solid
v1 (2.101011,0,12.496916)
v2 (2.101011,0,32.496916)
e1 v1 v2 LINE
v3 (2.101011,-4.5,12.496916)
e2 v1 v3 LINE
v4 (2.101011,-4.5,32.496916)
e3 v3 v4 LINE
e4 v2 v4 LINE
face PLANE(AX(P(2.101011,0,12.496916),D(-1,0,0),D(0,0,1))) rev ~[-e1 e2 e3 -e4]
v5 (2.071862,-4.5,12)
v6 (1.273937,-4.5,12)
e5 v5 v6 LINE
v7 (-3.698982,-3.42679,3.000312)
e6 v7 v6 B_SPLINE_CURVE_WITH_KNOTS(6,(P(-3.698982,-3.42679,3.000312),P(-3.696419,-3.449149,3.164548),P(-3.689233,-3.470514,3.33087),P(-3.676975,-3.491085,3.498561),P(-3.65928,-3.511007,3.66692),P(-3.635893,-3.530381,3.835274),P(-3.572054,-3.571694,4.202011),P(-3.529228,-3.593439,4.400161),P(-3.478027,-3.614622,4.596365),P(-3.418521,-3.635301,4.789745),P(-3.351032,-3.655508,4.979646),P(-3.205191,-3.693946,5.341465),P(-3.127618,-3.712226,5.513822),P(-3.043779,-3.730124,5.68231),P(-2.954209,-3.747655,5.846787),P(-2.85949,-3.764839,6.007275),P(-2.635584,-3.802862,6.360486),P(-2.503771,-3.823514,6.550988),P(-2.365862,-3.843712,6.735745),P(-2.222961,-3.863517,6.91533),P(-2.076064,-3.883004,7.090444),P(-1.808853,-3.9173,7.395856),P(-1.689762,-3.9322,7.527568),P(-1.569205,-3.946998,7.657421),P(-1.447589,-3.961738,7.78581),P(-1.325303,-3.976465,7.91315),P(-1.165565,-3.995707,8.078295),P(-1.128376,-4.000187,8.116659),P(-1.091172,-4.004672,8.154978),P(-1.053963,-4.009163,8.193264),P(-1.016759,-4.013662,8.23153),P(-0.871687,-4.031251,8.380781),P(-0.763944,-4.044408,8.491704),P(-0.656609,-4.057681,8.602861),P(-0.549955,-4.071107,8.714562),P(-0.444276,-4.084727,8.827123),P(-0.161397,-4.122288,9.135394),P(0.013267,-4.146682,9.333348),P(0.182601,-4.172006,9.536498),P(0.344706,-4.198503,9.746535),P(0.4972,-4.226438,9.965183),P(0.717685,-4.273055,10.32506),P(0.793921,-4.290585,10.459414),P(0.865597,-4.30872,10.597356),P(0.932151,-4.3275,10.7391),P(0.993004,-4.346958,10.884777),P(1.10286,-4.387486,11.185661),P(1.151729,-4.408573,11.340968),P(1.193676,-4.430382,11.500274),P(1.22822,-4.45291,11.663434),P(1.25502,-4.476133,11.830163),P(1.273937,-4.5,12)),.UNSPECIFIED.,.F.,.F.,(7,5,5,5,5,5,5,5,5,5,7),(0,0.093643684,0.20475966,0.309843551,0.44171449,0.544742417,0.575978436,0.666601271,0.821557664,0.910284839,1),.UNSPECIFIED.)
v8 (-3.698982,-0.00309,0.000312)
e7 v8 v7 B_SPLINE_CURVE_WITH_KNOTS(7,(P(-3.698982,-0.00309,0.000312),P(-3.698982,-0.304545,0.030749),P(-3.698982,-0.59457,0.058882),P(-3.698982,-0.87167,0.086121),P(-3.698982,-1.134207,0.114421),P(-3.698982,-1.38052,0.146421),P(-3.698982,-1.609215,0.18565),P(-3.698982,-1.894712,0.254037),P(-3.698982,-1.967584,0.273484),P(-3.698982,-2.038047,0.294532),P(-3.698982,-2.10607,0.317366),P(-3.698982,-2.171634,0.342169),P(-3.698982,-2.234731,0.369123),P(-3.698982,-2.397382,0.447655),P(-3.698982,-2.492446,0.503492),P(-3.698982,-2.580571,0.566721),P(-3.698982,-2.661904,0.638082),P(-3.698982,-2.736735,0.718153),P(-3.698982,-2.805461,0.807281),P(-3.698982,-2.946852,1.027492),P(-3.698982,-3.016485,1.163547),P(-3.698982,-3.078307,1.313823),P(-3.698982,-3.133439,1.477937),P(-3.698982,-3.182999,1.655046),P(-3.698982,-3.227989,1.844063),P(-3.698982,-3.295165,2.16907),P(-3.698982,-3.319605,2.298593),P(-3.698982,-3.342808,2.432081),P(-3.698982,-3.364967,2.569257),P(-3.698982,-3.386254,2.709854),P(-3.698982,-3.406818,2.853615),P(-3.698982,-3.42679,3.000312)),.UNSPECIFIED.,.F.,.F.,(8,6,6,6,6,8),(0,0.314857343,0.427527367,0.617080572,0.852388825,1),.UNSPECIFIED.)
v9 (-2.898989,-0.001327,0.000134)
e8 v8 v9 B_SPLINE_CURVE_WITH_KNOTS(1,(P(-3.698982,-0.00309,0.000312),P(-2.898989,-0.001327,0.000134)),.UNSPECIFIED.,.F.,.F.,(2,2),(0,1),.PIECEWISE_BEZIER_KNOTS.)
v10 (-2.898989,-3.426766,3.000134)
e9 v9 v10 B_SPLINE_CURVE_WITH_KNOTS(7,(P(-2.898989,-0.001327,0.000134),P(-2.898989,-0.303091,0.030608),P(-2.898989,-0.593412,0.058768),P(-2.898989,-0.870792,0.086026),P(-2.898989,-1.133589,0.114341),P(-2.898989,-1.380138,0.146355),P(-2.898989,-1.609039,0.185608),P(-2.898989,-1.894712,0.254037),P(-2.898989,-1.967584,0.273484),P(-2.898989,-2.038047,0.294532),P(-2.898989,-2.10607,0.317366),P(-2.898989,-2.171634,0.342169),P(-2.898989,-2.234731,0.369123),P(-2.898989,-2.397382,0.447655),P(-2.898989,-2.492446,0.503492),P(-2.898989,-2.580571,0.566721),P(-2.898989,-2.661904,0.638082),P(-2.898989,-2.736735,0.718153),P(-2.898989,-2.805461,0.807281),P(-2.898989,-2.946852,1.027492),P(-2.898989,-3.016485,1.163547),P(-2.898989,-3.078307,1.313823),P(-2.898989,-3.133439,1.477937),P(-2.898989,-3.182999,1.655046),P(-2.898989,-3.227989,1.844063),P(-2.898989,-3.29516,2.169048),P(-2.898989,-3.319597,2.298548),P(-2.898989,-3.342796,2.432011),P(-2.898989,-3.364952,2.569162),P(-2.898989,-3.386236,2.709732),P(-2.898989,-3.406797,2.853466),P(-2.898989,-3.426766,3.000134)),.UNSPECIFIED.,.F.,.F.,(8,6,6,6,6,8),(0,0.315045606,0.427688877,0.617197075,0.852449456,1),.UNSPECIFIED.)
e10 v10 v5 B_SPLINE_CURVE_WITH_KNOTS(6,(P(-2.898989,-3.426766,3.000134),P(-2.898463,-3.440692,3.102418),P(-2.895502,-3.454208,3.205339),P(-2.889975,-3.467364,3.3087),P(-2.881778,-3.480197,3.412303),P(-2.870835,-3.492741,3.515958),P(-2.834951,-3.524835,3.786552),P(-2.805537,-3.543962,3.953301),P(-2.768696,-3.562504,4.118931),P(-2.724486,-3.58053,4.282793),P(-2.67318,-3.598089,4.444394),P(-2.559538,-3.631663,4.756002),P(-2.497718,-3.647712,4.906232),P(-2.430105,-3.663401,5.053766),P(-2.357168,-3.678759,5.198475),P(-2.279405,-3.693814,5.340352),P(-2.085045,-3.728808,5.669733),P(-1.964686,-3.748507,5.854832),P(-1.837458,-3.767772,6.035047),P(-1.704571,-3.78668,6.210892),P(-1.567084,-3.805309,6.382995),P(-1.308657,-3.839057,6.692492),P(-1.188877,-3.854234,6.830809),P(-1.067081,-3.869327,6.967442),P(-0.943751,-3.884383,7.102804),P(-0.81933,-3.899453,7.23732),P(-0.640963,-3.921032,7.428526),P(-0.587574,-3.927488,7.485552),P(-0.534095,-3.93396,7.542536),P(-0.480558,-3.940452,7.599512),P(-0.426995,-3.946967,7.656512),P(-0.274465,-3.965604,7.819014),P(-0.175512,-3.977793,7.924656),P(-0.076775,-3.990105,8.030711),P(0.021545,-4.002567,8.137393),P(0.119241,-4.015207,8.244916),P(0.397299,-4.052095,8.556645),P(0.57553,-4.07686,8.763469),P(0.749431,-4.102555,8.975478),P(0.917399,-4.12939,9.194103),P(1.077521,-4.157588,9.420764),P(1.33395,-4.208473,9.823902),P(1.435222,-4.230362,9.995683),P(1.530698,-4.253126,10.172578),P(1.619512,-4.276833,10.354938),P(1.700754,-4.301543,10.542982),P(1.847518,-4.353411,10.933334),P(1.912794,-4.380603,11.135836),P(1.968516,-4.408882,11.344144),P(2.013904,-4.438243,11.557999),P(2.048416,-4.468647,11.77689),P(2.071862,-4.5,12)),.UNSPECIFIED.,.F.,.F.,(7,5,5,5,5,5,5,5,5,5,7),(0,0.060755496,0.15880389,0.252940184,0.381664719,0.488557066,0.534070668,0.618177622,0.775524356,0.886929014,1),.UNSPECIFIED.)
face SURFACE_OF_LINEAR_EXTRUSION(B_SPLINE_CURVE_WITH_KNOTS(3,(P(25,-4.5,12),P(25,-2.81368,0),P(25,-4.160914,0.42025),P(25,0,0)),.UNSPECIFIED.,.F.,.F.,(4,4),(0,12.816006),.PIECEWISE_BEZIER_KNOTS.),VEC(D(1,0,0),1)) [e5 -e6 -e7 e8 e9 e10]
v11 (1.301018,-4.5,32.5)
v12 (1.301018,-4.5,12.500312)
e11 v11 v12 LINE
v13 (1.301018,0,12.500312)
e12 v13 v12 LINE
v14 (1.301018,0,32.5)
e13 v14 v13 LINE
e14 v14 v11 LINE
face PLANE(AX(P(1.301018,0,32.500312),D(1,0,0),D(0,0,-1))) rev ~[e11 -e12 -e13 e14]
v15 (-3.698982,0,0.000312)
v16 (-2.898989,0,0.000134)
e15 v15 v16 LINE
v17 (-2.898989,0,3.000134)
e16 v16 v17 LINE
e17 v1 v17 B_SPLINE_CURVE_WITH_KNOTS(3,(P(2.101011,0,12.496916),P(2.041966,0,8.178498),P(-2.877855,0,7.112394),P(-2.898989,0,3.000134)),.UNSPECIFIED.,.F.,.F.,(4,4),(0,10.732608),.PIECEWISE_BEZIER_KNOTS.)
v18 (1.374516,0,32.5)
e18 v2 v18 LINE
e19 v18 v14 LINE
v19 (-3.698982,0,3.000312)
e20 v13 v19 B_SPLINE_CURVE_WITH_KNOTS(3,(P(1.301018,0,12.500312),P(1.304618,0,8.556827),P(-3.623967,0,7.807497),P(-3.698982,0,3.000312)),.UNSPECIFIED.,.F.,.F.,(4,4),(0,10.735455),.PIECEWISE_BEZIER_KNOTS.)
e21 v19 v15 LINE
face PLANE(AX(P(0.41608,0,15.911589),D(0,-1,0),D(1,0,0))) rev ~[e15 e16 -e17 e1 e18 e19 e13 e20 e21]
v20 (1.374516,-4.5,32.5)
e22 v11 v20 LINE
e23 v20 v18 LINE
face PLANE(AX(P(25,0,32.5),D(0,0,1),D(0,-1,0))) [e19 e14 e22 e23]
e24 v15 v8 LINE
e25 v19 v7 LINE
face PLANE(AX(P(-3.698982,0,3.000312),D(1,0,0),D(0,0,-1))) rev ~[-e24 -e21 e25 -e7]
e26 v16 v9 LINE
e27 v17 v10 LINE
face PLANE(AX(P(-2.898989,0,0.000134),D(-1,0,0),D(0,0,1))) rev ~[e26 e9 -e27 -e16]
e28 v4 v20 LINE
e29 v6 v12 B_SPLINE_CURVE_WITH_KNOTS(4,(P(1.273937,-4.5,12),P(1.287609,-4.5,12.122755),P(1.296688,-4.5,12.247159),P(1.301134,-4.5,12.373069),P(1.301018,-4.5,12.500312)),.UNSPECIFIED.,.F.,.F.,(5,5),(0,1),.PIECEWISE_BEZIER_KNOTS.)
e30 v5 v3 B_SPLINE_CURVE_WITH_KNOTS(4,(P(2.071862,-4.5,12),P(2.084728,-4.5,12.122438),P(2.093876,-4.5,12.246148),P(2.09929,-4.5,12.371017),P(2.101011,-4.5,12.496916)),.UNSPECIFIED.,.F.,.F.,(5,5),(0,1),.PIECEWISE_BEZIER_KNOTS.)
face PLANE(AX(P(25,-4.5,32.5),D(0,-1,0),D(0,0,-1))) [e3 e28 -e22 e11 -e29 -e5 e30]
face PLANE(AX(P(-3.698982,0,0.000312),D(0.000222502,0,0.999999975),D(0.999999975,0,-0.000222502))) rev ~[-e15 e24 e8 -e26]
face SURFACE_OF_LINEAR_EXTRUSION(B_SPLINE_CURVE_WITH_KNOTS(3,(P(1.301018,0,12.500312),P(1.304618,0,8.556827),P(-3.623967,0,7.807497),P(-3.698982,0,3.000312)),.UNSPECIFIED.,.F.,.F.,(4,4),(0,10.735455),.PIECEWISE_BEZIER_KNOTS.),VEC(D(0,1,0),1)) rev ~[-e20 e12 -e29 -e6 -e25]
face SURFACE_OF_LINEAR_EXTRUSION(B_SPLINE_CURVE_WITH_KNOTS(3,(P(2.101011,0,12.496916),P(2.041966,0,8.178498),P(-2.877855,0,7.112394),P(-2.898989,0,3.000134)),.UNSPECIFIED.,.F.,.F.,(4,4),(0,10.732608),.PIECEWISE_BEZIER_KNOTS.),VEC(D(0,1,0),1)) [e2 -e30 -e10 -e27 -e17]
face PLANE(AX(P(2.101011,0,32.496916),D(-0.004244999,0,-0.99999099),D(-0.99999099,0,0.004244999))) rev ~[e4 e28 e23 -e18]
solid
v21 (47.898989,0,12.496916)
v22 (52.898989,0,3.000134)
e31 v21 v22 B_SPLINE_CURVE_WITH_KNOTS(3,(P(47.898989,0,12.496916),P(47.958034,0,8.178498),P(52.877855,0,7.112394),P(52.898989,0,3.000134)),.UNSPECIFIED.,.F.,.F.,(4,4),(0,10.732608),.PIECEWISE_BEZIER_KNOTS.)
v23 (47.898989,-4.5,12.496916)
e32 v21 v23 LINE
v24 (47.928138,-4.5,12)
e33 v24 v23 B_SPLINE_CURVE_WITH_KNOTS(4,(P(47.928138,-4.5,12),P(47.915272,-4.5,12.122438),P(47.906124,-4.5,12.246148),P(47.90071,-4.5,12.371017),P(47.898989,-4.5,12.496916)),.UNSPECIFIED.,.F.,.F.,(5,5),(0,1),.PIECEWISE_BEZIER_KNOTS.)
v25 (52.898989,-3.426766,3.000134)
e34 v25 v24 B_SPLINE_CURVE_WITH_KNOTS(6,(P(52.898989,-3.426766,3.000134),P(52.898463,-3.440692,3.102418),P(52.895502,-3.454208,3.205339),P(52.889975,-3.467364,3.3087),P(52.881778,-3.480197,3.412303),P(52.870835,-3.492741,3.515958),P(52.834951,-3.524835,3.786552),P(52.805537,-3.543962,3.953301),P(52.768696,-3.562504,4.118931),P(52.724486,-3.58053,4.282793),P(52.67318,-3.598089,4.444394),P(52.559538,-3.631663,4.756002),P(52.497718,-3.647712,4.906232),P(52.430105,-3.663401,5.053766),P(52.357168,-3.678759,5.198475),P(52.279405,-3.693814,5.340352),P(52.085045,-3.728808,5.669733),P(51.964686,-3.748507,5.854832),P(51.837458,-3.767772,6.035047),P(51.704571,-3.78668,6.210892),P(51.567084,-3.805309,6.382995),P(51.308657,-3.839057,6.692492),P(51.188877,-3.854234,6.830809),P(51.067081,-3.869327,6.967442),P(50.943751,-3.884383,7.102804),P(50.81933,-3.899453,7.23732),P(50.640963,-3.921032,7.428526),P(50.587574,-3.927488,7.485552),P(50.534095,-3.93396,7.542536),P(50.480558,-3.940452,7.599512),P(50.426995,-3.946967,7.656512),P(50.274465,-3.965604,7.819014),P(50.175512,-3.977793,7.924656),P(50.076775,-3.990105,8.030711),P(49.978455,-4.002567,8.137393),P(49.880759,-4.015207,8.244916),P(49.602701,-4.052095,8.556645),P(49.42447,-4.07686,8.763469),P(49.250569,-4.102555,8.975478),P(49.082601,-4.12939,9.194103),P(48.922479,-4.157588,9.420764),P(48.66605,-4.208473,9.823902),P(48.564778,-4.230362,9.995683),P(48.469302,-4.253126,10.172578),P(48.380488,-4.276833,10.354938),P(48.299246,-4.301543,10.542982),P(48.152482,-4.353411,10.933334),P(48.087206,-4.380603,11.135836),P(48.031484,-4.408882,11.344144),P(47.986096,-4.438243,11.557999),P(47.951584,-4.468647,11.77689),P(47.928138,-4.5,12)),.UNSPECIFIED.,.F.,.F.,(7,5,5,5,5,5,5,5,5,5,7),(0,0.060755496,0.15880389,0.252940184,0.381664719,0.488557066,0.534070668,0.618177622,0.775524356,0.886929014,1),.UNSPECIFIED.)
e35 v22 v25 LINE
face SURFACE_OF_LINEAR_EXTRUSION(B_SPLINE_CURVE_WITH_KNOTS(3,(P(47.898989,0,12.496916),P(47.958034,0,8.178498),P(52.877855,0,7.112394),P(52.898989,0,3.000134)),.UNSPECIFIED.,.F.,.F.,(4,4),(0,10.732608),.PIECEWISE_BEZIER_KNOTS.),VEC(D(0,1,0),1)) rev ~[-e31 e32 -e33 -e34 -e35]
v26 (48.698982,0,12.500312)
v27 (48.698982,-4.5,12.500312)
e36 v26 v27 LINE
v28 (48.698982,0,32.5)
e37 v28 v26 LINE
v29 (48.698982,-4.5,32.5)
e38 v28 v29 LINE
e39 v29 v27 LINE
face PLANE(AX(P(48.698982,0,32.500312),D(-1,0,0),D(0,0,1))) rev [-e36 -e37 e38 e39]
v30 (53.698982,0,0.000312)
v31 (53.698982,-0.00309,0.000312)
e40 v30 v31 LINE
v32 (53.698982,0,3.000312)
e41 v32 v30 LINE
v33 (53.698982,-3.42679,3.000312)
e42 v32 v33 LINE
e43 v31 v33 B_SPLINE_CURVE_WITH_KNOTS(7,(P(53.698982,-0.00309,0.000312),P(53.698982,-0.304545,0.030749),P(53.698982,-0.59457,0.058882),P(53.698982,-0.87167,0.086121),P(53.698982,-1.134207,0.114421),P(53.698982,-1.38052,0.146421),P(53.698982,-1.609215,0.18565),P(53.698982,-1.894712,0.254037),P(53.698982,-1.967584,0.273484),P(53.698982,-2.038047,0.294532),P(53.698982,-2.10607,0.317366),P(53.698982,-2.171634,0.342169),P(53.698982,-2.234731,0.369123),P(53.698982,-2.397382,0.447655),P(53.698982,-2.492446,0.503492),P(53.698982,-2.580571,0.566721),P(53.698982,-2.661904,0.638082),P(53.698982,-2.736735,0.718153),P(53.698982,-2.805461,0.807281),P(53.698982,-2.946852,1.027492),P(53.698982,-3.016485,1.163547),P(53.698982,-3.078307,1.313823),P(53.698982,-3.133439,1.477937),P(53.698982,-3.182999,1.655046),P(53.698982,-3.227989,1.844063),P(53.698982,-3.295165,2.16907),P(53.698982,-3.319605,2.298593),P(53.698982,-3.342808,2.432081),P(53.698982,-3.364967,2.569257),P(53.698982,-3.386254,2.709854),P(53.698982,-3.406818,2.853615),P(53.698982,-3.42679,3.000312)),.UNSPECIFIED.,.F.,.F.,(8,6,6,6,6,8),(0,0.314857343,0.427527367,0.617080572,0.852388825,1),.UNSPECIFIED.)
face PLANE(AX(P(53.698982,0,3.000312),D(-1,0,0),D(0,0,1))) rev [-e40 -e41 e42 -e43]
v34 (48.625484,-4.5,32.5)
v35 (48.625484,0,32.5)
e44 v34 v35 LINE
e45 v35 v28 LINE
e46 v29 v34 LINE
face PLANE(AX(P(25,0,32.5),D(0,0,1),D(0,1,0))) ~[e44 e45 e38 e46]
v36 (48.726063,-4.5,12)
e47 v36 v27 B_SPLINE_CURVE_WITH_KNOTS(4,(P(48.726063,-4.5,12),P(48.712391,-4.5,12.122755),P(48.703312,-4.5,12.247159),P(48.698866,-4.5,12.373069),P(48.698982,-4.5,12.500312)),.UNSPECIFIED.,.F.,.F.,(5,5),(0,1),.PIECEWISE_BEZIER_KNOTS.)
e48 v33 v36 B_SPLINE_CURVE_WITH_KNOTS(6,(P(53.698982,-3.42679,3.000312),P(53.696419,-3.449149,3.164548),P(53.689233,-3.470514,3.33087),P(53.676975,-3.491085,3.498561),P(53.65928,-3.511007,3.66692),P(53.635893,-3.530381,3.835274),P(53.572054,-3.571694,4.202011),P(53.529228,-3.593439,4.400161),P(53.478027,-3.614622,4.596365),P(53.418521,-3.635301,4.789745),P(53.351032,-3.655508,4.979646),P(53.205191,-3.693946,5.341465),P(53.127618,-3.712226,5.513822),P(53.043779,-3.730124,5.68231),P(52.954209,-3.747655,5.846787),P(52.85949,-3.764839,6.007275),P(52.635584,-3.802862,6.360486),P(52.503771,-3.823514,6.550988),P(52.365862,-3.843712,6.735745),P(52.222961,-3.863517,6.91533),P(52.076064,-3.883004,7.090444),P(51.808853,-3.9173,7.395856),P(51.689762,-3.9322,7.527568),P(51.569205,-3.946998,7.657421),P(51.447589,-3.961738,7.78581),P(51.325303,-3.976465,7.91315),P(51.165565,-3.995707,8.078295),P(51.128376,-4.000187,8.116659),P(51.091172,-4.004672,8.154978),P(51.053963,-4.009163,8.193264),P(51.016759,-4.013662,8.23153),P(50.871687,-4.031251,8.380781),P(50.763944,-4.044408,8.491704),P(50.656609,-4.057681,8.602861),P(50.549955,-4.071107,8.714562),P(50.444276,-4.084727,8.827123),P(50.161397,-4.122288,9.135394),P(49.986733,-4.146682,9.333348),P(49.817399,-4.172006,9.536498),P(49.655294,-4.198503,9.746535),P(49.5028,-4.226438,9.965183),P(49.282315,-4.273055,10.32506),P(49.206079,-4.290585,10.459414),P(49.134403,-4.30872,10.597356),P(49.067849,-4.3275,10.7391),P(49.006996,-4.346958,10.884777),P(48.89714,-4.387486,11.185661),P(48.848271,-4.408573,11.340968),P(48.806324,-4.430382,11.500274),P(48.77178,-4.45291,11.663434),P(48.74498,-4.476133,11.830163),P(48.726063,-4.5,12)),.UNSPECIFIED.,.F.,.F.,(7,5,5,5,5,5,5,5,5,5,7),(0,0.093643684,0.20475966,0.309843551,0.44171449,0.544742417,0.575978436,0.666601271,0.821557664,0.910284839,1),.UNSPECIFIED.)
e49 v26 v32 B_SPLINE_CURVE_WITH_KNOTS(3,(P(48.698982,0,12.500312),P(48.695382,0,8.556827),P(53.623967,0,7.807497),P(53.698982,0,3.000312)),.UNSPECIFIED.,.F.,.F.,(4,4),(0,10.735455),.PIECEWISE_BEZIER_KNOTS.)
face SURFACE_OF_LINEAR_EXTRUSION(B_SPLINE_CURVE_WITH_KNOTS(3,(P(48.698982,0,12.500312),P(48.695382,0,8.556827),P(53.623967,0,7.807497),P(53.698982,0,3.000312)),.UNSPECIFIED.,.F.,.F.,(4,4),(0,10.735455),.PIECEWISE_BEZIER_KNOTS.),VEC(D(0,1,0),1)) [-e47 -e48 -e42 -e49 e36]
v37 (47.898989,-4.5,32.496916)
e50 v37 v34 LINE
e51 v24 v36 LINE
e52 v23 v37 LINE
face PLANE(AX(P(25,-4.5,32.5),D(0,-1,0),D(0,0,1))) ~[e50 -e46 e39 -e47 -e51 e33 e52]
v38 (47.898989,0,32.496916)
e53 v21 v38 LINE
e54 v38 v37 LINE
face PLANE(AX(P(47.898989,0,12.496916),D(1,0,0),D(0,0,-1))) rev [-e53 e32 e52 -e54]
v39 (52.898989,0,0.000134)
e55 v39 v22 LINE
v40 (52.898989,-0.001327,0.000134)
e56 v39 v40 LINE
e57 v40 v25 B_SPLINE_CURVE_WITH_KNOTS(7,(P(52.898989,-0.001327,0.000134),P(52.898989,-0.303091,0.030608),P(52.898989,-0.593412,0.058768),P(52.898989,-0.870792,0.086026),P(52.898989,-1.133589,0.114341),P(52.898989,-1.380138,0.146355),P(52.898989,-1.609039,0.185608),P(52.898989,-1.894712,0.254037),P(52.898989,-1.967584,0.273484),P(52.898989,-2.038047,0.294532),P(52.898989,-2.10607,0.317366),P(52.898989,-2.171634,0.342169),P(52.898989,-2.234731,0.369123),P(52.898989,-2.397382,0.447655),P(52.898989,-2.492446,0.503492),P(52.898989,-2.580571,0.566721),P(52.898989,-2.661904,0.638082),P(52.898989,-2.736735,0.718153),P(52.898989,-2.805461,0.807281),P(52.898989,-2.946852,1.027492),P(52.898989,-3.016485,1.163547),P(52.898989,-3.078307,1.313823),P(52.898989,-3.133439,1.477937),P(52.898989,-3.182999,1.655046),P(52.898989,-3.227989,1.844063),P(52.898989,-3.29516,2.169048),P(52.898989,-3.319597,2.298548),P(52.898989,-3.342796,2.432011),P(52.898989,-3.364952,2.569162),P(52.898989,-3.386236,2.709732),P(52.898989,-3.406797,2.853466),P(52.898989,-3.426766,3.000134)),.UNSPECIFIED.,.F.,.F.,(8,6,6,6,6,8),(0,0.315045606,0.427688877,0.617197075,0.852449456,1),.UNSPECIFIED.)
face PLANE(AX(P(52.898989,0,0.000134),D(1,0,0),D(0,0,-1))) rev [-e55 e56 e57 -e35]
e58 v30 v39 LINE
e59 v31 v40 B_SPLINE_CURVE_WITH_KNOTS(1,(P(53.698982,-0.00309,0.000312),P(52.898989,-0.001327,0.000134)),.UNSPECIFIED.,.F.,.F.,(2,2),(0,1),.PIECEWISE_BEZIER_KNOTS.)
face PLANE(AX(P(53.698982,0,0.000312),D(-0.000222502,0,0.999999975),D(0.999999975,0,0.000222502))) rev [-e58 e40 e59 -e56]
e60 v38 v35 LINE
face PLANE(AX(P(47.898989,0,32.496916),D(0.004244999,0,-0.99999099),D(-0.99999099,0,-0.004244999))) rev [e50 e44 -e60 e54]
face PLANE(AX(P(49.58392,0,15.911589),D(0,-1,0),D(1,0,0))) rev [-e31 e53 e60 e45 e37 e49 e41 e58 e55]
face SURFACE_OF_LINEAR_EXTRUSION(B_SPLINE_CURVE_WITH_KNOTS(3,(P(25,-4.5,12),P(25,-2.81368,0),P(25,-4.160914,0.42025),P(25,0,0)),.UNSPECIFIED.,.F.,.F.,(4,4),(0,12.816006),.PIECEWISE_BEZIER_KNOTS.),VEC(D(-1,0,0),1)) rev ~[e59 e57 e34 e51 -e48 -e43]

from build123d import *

# Parameters (mm, degrees)
F1_DEPTH = 50
F4_DEPTH = 35


with BuildPart() as f1:
    # F0 (on Front) → F1 (new body)
    with BuildSketch(Plane.XZ):
        with BuildLine():
            Line((2.101011, 12.496916), (2.101011, 32.496916))
            Line((2.101011, 32.496916), (1.301018, 32.500312))
            Line((1.301018, 32.500312), (1.301018, 12.500312))
            add(Edge.make_bspline(
                [(1.301018, 12.500312), (1.304618, 8.556827), (-3.623967, 7.807497), (-3.698982, 3.000312)],
                knots=[0, 0, 0, 0, 10.735455, 10.735455, 10.735455, 10.735455], degree=3))
            Line((-3.698982, 3.000312), (-3.698982, 0.000312))
            Line((-3.698982, 0.000312), (-2.898989, 0.000134))
            Line((-2.898989, 0.000134), (-2.898989, 3.000134))
            add(Edge.make_bspline(
                [(2.101011, 12.496916), (2.041966, 8.178498), (-2.877855, 7.112394), (-2.898989, 3.000134)],
                knots=[0, 0, 0, 0, 10.732608, 10.732608, 10.732608, 10.732608], degree=3))
        make_face()
    extrude(amount=F1_DEPTH)

    # F3 (on offset) → F4 (intersect, symmetric)
    with BuildSketch(Plane.YZ.offset(25)):
        with BuildLine():
            Line((0, 32.5), (-4.5, 32.5))
            Line((-4.5, 32.5), (-4.5, 12))
            add(Edge.make_bspline(
                [(-4.5, 12), (-2.81368, 0), (-4.160914, 0.42025), (0, 0)],
                knots=[0, 0, 0, 0, 12.816006, 12.816006, 12.816006, 12.816006], degree=3))
            Line((0, 0), (0, 32.5))
        make_face()
    extrude(amount=F4_DEPTH, both=True, mode=Mode.INTERSECT)


with BuildPart() as f5_1:
    # F5: instance of F1
    add(f1.part.mirror(Plane.YZ.offset(25)))


solid = Compound([f1.part, f5_1.part])
